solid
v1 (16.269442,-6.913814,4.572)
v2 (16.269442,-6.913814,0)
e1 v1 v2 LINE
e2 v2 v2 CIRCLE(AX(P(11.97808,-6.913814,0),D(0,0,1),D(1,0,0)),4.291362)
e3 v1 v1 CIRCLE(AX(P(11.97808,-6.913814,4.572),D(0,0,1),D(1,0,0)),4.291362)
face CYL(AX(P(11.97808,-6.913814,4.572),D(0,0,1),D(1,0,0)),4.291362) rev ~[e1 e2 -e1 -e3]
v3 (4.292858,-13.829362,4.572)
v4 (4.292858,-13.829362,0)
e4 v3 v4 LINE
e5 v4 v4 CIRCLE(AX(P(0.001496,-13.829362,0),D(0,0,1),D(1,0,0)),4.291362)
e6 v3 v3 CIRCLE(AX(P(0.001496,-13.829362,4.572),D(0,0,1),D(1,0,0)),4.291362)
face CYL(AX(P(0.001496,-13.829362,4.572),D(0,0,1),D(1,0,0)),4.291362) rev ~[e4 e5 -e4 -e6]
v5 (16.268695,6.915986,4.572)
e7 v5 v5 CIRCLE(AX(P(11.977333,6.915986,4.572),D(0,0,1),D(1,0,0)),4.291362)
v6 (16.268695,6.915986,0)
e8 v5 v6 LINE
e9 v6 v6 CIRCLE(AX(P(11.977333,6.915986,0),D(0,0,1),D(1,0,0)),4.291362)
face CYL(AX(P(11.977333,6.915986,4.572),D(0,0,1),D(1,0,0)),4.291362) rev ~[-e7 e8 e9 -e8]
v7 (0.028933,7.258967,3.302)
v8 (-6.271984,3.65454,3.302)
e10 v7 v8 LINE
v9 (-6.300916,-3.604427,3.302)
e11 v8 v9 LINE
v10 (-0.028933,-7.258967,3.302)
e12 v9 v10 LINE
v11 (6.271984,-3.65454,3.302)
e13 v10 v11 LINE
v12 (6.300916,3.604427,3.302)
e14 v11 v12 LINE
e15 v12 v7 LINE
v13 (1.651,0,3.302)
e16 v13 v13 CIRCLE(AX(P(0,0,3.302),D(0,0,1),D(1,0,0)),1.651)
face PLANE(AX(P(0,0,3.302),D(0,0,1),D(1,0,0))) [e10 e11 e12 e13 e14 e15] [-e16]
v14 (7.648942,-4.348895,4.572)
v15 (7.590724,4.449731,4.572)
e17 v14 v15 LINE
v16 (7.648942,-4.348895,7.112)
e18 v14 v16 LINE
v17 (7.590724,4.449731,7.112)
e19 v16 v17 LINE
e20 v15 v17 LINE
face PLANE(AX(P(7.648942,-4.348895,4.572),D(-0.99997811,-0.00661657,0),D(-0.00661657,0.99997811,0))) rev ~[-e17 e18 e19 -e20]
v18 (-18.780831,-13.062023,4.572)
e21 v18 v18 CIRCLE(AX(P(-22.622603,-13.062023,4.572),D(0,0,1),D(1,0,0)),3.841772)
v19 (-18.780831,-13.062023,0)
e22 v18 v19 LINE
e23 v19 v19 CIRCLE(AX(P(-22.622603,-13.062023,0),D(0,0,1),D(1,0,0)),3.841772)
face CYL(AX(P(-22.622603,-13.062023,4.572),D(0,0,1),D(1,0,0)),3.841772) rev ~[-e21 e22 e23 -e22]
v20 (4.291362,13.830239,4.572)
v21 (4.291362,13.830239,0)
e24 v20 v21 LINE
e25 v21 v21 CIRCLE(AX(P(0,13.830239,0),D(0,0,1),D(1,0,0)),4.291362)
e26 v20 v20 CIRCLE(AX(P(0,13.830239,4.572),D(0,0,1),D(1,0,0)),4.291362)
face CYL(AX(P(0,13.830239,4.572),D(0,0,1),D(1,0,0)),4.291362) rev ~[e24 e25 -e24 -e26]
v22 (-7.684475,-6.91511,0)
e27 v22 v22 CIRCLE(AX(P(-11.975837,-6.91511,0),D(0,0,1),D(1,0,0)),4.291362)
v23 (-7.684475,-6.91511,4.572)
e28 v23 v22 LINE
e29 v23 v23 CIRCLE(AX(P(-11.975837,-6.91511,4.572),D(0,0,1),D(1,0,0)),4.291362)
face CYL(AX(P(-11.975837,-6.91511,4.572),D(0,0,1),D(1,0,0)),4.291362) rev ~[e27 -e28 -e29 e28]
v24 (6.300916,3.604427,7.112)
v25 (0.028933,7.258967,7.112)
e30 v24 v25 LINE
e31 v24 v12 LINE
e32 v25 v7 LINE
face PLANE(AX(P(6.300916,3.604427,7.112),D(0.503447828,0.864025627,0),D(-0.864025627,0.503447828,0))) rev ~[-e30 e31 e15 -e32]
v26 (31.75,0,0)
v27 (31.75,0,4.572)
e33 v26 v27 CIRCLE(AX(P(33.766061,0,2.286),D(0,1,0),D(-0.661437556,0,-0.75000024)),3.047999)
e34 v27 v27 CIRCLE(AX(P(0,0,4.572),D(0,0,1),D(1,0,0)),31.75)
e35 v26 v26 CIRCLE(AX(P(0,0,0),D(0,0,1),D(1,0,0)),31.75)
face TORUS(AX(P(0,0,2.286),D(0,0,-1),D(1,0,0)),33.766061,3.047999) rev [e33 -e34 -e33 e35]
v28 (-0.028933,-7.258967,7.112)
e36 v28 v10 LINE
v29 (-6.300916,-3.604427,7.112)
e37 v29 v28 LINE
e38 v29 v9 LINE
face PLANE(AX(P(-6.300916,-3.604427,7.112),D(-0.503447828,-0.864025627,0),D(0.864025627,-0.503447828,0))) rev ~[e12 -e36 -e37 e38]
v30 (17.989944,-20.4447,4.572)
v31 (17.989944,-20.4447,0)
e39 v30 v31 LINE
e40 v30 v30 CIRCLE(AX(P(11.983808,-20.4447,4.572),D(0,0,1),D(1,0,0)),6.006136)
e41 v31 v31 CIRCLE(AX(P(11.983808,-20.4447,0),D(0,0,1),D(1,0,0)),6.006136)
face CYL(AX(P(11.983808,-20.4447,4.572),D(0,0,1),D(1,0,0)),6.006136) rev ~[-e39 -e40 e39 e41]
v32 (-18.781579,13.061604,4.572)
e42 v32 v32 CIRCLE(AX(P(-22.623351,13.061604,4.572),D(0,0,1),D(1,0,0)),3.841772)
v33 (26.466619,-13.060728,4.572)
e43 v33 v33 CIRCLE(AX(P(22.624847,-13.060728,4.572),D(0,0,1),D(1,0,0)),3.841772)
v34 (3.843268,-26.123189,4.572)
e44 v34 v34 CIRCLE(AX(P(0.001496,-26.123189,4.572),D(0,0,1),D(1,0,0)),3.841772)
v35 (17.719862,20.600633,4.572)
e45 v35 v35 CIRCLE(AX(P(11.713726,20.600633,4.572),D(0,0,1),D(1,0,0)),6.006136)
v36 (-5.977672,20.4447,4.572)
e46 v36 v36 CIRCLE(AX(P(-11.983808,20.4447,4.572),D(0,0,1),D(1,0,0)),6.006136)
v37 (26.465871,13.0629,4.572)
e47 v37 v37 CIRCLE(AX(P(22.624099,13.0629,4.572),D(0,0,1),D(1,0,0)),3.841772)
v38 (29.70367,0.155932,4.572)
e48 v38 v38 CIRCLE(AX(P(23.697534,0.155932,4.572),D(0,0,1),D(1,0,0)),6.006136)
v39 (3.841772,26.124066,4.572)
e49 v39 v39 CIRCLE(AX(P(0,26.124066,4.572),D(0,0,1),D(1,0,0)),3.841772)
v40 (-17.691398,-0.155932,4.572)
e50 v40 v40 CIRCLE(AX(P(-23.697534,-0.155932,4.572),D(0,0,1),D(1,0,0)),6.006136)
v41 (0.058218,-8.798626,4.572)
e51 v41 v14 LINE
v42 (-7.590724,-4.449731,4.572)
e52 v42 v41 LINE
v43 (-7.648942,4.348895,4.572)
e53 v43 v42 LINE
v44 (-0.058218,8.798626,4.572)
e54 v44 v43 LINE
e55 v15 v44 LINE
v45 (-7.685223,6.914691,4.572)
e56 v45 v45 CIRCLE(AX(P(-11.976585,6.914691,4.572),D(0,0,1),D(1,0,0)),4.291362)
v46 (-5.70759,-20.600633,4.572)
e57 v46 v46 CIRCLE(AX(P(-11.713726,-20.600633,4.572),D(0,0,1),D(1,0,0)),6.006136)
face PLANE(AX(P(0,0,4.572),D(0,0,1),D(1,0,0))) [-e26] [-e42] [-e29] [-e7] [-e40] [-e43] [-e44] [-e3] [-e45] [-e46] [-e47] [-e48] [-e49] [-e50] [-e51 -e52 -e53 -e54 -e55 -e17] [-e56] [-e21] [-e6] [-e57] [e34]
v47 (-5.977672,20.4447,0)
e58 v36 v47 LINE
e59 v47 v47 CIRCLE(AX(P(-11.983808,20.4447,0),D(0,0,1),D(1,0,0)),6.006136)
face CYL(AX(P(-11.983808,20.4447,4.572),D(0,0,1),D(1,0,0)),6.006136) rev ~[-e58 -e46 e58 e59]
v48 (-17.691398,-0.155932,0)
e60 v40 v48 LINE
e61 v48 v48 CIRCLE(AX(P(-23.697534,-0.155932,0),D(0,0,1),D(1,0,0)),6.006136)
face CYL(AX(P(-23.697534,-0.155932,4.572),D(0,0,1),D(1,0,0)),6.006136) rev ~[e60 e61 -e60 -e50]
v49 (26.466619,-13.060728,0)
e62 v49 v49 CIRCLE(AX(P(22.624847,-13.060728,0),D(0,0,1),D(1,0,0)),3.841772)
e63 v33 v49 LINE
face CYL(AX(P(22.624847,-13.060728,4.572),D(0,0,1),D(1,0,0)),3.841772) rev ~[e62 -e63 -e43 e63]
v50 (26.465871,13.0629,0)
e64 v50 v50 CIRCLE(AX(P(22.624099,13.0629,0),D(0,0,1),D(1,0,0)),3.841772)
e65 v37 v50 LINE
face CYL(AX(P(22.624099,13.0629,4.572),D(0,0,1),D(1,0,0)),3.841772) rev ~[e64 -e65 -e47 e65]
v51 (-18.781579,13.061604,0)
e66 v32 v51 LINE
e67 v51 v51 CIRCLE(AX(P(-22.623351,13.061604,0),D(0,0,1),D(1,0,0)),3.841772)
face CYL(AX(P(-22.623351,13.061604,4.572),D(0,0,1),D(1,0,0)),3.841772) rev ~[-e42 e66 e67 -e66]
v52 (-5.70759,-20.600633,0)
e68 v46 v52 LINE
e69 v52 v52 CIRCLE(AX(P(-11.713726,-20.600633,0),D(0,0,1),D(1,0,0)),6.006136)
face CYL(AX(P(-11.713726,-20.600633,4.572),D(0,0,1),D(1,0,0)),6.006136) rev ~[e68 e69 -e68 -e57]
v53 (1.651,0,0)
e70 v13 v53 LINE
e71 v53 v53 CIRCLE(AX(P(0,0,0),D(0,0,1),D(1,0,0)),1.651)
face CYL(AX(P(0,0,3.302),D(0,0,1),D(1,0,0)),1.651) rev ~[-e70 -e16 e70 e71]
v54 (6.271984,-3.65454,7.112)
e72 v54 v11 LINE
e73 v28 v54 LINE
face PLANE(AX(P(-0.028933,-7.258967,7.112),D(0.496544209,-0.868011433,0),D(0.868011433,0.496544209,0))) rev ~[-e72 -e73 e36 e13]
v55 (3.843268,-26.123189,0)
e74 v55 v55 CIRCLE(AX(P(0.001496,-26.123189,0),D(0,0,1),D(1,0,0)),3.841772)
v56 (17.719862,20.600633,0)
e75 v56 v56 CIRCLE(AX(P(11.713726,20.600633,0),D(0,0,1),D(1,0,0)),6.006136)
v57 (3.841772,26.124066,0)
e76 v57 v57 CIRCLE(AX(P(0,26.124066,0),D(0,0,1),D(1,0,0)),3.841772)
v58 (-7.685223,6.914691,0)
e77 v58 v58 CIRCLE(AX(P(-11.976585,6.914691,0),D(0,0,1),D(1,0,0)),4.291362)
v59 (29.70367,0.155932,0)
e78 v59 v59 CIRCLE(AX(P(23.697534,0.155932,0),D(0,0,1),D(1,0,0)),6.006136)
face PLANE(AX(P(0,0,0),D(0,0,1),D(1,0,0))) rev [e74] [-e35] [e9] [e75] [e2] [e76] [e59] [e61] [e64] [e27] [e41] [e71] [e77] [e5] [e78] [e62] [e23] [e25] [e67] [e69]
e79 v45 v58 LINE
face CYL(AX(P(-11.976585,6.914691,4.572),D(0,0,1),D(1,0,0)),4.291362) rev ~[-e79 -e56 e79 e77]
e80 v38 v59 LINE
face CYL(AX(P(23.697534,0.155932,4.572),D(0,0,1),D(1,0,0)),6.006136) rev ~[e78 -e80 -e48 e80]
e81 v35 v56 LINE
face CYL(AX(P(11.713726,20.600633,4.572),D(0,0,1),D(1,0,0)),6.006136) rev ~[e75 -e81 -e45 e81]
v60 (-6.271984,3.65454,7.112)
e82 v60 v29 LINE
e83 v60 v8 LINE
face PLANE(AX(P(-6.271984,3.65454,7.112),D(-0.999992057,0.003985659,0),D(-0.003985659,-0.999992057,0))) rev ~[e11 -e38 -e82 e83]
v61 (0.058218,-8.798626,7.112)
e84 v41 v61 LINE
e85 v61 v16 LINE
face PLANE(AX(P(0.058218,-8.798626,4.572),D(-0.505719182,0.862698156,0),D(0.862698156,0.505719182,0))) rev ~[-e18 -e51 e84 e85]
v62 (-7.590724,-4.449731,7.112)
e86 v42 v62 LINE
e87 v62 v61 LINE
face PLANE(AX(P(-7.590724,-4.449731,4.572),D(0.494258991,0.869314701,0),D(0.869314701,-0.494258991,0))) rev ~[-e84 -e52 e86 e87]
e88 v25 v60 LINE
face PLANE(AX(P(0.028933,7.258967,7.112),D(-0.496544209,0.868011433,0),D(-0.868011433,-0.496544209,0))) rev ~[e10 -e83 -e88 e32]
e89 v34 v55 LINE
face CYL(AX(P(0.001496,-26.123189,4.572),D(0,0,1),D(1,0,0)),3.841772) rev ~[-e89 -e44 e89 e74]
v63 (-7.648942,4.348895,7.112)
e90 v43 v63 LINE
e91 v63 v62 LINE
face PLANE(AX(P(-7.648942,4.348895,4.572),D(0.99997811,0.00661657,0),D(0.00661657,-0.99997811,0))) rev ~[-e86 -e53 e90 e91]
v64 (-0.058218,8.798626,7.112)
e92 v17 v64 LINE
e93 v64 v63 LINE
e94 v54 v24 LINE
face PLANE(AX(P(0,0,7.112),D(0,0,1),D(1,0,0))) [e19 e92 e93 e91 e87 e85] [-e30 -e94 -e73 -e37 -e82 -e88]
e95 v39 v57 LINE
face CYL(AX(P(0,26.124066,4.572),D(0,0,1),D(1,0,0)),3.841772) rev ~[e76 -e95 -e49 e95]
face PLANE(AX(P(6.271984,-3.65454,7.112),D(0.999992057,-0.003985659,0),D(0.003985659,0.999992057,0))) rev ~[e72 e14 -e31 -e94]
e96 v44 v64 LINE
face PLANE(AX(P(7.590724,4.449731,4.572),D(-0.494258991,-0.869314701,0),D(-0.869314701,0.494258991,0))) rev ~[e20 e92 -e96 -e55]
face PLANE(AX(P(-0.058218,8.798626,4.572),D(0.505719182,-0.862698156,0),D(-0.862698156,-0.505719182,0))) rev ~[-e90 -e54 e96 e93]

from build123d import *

# Parameters (mm, degrees)
F3_DEPTH = 2.54
F4_R     = 6.006136
F4_R_2   = 4.291362
F4_R_3   = 3.841772
F5_DEPTH = 25.4
F7_DEPTH = 3.81
F8_R     = 1.651
F9_DEPTH = 25.4


with BuildPart() as f1:
    # F0 (on Front) → F1 (revolve)
    with BuildSketch(Plane.XZ):
        with BuildLine():
            Line((0, 4.572), (0, 0))
            Line((0, 0), (31.75, 0))
            ThreePointArc((31.75, 0), (30.718062, 2.286), (31.75, 4.572))
            Line((31.75, 4.572), (0, 4.572))
        make_face()
    revolve(axis=Axis((0, 0, 2.286), (0, 0, 1)))

    # F2 (on face) → F3 (join)
    with BuildSketch(Plane.XY.offset(4.572)):
        Polygon((-0.058218, 8.798626), (-7.648942, 4.348895), (-7.590724, -4.449731), (0.058218, -8.798626), (7.648942, -4.348895), (7.590724, 4.449731), align=None)
    extrude(amount=F3_DEPTH)

    # F4 (on face) → F5 (cut)
    with BuildSketch(Plane.XY.offset(4.572)):
        with Locations((-11.983808, 20.4447)):
            Circle(F4_R)
        with Locations((0, 13.830239)):
            Circle(F4_R_2)
        with Locations((0, 26.124066)):
            Circle(F4_R_3)
        with Locations((11.713726, 20.600633)):
            Circle(F4_R)
        with Locations((11.977333, 6.915986)):
            Circle(F4_R_2)
        with Locations((23.697534, 0.155932)):
            Circle(F4_R)
        with Locations((22.624847, -13.060728)):
            Circle(F4_R_3)
        with Locations((11.97808, -6.913814)):
            Circle(F4_R_2)
        with Locations((11.983808, -20.4447)):
            Circle(F4_R)
        with Locations((0.001496, -26.123189)):
            Circle(F4_R_3)
        with Locations((0.001496, -13.829362)):
            Circle(F4_R_2)
        with Locations((-11.713726, -20.600633)):
            Circle(F4_R)
        with Locations((-11.975837, -6.91511)):
            Circle(F4_R_2)
        with Locations((-23.697534, -0.155932)):
            Circle(F4_R)
        with Locations((-22.623351, 13.061604)):
            Circle(F4_R_3)
        with Locations((-11.976585, 6.914691)):
            Circle(F4_R_2)
        with Locations((-22.622603, -13.062023)):
            Circle(F4_R_3)
        with Locations((22.624099, 13.0629)):
            Circle(F4_R_3)
    extrude(amount=-F5_DEPTH, mode=Mode.SUBTRACT)

    # F6 (on face) → F7 (cut)
    with BuildSketch(Plane.XY.offset(7.112)):
        Polygon((6.300916, 3.604427), (0.028933, 7.258967), (-6.271984, 3.65454), (-6.300916, -3.604427), (-0.028933, -7.258967), (6.271984, -3.65454), align=None)
    extrude(amount=-F7_DEPTH, mode=Mode.SUBTRACT)

    # F8 (on face) → F9 (cut)
    with BuildSketch(Plane.XY.offset(3.302)):
        Circle(F8_R)
    extrude(amount=-F9_DEPTH, mode=Mode.SUBTRACT)


solid = f1.part
